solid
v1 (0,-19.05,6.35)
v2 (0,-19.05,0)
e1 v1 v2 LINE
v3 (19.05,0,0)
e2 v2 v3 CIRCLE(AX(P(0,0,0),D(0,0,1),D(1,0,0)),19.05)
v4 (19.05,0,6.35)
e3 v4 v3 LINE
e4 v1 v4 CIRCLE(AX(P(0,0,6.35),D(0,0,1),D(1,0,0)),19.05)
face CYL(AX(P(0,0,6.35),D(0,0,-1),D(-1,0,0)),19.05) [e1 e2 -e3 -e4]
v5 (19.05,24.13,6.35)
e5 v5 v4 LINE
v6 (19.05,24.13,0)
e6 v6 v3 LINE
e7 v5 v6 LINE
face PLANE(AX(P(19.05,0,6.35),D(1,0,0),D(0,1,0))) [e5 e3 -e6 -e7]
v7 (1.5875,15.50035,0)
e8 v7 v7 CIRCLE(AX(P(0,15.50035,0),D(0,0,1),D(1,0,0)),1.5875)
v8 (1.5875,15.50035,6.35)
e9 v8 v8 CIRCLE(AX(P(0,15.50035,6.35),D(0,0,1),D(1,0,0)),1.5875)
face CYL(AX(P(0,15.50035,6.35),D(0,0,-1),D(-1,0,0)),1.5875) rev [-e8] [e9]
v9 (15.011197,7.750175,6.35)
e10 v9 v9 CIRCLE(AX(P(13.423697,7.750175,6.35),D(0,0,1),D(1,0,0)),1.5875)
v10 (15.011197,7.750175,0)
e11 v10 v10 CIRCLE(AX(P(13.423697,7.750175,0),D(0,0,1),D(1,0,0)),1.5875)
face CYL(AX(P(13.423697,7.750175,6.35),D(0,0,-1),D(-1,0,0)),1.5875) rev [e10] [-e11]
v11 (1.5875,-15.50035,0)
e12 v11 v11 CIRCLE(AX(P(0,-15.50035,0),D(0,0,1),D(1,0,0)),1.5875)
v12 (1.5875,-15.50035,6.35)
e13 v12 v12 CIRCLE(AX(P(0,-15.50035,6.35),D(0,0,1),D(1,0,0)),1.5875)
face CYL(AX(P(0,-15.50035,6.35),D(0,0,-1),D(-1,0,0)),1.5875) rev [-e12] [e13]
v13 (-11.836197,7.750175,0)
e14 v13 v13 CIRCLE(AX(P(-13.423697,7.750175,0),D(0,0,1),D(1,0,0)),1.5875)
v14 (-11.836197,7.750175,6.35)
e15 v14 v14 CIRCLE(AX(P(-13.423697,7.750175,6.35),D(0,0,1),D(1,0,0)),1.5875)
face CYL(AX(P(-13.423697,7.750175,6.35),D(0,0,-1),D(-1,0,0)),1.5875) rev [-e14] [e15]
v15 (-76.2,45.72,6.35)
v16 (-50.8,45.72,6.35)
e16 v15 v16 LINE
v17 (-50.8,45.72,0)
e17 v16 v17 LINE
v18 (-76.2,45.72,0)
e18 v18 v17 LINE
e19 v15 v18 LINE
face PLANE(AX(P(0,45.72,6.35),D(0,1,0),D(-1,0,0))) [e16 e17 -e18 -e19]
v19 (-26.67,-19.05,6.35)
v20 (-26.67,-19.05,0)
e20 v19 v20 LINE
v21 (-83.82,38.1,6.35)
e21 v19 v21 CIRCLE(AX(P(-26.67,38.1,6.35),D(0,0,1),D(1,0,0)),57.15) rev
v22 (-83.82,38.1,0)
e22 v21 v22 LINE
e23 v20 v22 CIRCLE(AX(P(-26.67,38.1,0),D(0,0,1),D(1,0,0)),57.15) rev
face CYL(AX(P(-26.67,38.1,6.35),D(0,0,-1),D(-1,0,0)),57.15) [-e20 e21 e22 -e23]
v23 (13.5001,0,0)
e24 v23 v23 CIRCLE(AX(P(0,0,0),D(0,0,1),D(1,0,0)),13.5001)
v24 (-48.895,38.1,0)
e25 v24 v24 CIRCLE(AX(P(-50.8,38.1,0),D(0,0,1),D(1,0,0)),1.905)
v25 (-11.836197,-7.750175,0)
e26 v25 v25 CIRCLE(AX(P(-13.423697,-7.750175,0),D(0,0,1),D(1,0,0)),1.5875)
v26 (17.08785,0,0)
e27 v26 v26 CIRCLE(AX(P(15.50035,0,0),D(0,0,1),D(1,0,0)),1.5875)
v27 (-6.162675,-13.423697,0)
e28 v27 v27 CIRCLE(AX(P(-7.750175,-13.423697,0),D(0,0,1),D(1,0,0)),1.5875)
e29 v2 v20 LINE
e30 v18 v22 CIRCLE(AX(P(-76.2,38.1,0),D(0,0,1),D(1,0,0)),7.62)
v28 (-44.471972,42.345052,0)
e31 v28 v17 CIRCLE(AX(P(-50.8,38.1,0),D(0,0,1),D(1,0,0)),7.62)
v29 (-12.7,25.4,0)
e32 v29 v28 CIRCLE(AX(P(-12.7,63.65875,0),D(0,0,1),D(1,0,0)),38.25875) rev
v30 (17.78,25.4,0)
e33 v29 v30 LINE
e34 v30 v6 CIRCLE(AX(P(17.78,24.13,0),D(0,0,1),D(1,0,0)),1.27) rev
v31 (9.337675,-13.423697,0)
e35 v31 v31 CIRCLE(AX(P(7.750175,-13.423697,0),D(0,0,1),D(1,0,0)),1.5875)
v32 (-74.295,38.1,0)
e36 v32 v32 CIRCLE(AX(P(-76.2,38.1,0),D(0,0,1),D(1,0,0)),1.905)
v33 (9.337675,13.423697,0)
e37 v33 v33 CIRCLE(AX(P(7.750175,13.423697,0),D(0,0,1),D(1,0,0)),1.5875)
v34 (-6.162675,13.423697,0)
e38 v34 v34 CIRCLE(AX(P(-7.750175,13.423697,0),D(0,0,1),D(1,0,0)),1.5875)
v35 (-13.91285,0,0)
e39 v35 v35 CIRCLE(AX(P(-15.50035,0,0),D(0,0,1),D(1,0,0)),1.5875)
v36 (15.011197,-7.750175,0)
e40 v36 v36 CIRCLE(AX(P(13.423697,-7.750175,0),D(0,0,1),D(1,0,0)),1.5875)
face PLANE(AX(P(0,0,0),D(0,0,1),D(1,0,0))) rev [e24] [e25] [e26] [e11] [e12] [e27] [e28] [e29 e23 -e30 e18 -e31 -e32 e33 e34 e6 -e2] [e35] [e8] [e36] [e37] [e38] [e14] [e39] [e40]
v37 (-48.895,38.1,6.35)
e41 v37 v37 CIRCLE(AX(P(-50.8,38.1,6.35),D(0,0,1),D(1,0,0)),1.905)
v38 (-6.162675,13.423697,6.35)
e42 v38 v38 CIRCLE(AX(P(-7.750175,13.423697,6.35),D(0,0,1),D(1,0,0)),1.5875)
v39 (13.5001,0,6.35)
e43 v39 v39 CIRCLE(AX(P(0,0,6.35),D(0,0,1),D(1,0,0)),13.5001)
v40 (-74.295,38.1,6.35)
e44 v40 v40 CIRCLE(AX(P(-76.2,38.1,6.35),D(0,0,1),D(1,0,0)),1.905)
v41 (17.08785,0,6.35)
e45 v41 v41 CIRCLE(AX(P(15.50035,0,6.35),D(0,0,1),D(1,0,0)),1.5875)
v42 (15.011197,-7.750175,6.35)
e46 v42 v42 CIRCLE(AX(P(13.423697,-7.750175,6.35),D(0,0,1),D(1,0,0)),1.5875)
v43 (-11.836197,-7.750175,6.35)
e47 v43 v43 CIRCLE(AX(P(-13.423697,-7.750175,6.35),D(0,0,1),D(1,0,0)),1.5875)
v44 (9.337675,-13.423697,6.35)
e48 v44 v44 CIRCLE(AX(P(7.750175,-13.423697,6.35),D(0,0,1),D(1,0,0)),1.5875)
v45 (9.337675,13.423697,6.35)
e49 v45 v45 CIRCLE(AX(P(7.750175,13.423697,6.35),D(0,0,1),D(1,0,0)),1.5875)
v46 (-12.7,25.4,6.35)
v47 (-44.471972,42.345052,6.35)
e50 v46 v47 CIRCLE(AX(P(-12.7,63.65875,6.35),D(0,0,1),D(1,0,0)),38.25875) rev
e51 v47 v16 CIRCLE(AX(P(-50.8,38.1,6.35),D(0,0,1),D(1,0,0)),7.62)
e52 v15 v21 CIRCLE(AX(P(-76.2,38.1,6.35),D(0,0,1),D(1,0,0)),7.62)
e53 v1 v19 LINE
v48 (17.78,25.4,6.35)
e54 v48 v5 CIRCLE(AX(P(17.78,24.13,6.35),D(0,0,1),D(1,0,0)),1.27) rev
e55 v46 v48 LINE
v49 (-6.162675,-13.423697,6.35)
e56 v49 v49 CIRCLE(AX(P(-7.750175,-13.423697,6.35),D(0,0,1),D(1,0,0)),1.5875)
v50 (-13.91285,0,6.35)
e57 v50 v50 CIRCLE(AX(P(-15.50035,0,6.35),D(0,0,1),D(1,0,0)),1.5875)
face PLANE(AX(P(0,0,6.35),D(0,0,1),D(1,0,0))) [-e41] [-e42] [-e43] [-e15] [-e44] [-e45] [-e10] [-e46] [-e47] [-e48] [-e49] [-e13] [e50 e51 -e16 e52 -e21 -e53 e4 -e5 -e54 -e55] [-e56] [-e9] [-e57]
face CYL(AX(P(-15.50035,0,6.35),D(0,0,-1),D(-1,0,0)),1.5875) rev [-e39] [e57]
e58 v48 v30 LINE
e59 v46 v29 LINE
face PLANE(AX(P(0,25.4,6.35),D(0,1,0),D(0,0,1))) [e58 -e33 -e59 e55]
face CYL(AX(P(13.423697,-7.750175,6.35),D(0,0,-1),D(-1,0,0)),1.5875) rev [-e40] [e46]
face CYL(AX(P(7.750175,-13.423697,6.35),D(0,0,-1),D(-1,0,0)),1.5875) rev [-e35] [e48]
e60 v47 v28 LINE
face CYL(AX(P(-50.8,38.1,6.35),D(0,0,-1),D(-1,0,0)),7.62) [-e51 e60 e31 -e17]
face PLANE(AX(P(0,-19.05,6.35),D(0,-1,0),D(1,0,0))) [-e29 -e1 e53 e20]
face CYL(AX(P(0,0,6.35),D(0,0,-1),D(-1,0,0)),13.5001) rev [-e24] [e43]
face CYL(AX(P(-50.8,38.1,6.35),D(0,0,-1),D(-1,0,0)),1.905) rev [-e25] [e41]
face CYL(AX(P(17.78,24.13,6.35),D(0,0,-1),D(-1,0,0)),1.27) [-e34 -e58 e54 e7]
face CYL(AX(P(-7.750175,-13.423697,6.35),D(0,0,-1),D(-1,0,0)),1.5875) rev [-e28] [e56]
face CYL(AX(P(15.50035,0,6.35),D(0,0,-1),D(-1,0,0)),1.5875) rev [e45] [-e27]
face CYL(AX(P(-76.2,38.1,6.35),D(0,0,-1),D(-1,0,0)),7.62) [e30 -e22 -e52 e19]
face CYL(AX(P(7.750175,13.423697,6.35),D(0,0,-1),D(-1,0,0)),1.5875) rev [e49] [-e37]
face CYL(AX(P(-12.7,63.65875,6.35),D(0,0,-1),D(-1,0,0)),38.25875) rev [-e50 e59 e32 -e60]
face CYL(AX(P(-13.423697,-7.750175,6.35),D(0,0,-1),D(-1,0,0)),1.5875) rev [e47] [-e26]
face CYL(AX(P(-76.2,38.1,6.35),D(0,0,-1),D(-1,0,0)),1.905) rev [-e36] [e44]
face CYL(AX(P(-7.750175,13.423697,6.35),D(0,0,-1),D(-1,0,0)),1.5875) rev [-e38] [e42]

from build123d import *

# Parameters (mm, degrees)
SKETCH1_R           = 1.5875
SKETCH1_R_2         = 13.5001
SKETCH1_R_3         = 1.905
BOSS_EXTRUDE1_DEPTH = 6.35


with BuildPart() as part:
    # Sketch1 → Boss-Extrude1 (new body)
    with BuildSketch(Plane.XY):
        with BuildLine():
            Line((17.78, 25.4), (-12.7, 25.4))
            ThreePointArc((-12.7, 25.4), (-30.704117647, 29.901029412), (-44.471972318, 42.345051903))
            ThreePointArc((-44.471972318, 42.345051903), (-47.214117647, 44.823529412), (-50.8, 45.72))
            Line((-50.8, 45.72), (-76.2, 45.72))
            ThreePointArc((-76.2, 45.72), (-81.588153673, 43.488153673), (-83.82, 38.1))
            ThreePointArc((-83.82, 38.1), (-67.081152545, -2.311152545), (-26.67, -19.05))
            Line((-26.67, -19.05), (0, -19.05))
            ThreePointArc((0, -19.05), (13.470384182, -13.470384182), (19.05, 0))
            Line((19.05, 0), (19.05, 24.13))
            ThreePointArc((19.05, 24.13), (18.678025612, 25.028025612), (17.78, 25.4))
        make_face()
        with Locations((-7.750175, -13.423696868)):
            Circle(SKETCH1_R, mode=Mode.SUBTRACT)
        with Locations((-13.423696868, -7.750175)):
            Circle(SKETCH1_R, mode=Mode.SUBTRACT)
        with Locations((0, -15.50035)):
            Circle(SKETCH1_R, mode=Mode.SUBTRACT)
        with Locations((7.750175, -13.423696868)):
            Circle(SKETCH1_R, mode=Mode.SUBTRACT)
        with Locations((13.423696868, -7.750175)):
            Circle(SKETCH1_R, mode=Mode.SUBTRACT)
        with Locations((-15.50035, 0)):
            Circle(SKETCH1_R, mode=Mode.SUBTRACT)
        with Locations((-13.423696868, 7.750175)):
            Circle(SKETCH1_R, mode=Mode.SUBTRACT)
        Circle(SKETCH1_R_2, mode=Mode.SUBTRACT)
        with Locations((15.50035, 0)):
            Circle(SKETCH1_R, mode=Mode.SUBTRACT)
        with Locations((13.423696868, 7.750175)):
            Circle(SKETCH1_R, mode=Mode.SUBTRACT)
        with Locations((-76.2, 38.1)):
            Circle(SKETCH1_R_3, mode=Mode.SUBTRACT)
        with Locations((-50.8, 38.1)):
            Circle(SKETCH1_R_3, mode=Mode.SUBTRACT)
        with Locations((-7.750175, 13.423696868)):
            Circle(SKETCH1_R, mode=Mode.SUBTRACT)
        with Locations((0, 15.50035)):
            Circle(SKETCH1_R, mode=Mode.SUBTRACT)
        with Locations((7.750175, 13.423696868)):
            Circle(SKETCH1_R, mode=Mode.SUBTRACT)
    extrude(amount=BOSS_EXTRUDE1_DEPTH)


solid = part.part
